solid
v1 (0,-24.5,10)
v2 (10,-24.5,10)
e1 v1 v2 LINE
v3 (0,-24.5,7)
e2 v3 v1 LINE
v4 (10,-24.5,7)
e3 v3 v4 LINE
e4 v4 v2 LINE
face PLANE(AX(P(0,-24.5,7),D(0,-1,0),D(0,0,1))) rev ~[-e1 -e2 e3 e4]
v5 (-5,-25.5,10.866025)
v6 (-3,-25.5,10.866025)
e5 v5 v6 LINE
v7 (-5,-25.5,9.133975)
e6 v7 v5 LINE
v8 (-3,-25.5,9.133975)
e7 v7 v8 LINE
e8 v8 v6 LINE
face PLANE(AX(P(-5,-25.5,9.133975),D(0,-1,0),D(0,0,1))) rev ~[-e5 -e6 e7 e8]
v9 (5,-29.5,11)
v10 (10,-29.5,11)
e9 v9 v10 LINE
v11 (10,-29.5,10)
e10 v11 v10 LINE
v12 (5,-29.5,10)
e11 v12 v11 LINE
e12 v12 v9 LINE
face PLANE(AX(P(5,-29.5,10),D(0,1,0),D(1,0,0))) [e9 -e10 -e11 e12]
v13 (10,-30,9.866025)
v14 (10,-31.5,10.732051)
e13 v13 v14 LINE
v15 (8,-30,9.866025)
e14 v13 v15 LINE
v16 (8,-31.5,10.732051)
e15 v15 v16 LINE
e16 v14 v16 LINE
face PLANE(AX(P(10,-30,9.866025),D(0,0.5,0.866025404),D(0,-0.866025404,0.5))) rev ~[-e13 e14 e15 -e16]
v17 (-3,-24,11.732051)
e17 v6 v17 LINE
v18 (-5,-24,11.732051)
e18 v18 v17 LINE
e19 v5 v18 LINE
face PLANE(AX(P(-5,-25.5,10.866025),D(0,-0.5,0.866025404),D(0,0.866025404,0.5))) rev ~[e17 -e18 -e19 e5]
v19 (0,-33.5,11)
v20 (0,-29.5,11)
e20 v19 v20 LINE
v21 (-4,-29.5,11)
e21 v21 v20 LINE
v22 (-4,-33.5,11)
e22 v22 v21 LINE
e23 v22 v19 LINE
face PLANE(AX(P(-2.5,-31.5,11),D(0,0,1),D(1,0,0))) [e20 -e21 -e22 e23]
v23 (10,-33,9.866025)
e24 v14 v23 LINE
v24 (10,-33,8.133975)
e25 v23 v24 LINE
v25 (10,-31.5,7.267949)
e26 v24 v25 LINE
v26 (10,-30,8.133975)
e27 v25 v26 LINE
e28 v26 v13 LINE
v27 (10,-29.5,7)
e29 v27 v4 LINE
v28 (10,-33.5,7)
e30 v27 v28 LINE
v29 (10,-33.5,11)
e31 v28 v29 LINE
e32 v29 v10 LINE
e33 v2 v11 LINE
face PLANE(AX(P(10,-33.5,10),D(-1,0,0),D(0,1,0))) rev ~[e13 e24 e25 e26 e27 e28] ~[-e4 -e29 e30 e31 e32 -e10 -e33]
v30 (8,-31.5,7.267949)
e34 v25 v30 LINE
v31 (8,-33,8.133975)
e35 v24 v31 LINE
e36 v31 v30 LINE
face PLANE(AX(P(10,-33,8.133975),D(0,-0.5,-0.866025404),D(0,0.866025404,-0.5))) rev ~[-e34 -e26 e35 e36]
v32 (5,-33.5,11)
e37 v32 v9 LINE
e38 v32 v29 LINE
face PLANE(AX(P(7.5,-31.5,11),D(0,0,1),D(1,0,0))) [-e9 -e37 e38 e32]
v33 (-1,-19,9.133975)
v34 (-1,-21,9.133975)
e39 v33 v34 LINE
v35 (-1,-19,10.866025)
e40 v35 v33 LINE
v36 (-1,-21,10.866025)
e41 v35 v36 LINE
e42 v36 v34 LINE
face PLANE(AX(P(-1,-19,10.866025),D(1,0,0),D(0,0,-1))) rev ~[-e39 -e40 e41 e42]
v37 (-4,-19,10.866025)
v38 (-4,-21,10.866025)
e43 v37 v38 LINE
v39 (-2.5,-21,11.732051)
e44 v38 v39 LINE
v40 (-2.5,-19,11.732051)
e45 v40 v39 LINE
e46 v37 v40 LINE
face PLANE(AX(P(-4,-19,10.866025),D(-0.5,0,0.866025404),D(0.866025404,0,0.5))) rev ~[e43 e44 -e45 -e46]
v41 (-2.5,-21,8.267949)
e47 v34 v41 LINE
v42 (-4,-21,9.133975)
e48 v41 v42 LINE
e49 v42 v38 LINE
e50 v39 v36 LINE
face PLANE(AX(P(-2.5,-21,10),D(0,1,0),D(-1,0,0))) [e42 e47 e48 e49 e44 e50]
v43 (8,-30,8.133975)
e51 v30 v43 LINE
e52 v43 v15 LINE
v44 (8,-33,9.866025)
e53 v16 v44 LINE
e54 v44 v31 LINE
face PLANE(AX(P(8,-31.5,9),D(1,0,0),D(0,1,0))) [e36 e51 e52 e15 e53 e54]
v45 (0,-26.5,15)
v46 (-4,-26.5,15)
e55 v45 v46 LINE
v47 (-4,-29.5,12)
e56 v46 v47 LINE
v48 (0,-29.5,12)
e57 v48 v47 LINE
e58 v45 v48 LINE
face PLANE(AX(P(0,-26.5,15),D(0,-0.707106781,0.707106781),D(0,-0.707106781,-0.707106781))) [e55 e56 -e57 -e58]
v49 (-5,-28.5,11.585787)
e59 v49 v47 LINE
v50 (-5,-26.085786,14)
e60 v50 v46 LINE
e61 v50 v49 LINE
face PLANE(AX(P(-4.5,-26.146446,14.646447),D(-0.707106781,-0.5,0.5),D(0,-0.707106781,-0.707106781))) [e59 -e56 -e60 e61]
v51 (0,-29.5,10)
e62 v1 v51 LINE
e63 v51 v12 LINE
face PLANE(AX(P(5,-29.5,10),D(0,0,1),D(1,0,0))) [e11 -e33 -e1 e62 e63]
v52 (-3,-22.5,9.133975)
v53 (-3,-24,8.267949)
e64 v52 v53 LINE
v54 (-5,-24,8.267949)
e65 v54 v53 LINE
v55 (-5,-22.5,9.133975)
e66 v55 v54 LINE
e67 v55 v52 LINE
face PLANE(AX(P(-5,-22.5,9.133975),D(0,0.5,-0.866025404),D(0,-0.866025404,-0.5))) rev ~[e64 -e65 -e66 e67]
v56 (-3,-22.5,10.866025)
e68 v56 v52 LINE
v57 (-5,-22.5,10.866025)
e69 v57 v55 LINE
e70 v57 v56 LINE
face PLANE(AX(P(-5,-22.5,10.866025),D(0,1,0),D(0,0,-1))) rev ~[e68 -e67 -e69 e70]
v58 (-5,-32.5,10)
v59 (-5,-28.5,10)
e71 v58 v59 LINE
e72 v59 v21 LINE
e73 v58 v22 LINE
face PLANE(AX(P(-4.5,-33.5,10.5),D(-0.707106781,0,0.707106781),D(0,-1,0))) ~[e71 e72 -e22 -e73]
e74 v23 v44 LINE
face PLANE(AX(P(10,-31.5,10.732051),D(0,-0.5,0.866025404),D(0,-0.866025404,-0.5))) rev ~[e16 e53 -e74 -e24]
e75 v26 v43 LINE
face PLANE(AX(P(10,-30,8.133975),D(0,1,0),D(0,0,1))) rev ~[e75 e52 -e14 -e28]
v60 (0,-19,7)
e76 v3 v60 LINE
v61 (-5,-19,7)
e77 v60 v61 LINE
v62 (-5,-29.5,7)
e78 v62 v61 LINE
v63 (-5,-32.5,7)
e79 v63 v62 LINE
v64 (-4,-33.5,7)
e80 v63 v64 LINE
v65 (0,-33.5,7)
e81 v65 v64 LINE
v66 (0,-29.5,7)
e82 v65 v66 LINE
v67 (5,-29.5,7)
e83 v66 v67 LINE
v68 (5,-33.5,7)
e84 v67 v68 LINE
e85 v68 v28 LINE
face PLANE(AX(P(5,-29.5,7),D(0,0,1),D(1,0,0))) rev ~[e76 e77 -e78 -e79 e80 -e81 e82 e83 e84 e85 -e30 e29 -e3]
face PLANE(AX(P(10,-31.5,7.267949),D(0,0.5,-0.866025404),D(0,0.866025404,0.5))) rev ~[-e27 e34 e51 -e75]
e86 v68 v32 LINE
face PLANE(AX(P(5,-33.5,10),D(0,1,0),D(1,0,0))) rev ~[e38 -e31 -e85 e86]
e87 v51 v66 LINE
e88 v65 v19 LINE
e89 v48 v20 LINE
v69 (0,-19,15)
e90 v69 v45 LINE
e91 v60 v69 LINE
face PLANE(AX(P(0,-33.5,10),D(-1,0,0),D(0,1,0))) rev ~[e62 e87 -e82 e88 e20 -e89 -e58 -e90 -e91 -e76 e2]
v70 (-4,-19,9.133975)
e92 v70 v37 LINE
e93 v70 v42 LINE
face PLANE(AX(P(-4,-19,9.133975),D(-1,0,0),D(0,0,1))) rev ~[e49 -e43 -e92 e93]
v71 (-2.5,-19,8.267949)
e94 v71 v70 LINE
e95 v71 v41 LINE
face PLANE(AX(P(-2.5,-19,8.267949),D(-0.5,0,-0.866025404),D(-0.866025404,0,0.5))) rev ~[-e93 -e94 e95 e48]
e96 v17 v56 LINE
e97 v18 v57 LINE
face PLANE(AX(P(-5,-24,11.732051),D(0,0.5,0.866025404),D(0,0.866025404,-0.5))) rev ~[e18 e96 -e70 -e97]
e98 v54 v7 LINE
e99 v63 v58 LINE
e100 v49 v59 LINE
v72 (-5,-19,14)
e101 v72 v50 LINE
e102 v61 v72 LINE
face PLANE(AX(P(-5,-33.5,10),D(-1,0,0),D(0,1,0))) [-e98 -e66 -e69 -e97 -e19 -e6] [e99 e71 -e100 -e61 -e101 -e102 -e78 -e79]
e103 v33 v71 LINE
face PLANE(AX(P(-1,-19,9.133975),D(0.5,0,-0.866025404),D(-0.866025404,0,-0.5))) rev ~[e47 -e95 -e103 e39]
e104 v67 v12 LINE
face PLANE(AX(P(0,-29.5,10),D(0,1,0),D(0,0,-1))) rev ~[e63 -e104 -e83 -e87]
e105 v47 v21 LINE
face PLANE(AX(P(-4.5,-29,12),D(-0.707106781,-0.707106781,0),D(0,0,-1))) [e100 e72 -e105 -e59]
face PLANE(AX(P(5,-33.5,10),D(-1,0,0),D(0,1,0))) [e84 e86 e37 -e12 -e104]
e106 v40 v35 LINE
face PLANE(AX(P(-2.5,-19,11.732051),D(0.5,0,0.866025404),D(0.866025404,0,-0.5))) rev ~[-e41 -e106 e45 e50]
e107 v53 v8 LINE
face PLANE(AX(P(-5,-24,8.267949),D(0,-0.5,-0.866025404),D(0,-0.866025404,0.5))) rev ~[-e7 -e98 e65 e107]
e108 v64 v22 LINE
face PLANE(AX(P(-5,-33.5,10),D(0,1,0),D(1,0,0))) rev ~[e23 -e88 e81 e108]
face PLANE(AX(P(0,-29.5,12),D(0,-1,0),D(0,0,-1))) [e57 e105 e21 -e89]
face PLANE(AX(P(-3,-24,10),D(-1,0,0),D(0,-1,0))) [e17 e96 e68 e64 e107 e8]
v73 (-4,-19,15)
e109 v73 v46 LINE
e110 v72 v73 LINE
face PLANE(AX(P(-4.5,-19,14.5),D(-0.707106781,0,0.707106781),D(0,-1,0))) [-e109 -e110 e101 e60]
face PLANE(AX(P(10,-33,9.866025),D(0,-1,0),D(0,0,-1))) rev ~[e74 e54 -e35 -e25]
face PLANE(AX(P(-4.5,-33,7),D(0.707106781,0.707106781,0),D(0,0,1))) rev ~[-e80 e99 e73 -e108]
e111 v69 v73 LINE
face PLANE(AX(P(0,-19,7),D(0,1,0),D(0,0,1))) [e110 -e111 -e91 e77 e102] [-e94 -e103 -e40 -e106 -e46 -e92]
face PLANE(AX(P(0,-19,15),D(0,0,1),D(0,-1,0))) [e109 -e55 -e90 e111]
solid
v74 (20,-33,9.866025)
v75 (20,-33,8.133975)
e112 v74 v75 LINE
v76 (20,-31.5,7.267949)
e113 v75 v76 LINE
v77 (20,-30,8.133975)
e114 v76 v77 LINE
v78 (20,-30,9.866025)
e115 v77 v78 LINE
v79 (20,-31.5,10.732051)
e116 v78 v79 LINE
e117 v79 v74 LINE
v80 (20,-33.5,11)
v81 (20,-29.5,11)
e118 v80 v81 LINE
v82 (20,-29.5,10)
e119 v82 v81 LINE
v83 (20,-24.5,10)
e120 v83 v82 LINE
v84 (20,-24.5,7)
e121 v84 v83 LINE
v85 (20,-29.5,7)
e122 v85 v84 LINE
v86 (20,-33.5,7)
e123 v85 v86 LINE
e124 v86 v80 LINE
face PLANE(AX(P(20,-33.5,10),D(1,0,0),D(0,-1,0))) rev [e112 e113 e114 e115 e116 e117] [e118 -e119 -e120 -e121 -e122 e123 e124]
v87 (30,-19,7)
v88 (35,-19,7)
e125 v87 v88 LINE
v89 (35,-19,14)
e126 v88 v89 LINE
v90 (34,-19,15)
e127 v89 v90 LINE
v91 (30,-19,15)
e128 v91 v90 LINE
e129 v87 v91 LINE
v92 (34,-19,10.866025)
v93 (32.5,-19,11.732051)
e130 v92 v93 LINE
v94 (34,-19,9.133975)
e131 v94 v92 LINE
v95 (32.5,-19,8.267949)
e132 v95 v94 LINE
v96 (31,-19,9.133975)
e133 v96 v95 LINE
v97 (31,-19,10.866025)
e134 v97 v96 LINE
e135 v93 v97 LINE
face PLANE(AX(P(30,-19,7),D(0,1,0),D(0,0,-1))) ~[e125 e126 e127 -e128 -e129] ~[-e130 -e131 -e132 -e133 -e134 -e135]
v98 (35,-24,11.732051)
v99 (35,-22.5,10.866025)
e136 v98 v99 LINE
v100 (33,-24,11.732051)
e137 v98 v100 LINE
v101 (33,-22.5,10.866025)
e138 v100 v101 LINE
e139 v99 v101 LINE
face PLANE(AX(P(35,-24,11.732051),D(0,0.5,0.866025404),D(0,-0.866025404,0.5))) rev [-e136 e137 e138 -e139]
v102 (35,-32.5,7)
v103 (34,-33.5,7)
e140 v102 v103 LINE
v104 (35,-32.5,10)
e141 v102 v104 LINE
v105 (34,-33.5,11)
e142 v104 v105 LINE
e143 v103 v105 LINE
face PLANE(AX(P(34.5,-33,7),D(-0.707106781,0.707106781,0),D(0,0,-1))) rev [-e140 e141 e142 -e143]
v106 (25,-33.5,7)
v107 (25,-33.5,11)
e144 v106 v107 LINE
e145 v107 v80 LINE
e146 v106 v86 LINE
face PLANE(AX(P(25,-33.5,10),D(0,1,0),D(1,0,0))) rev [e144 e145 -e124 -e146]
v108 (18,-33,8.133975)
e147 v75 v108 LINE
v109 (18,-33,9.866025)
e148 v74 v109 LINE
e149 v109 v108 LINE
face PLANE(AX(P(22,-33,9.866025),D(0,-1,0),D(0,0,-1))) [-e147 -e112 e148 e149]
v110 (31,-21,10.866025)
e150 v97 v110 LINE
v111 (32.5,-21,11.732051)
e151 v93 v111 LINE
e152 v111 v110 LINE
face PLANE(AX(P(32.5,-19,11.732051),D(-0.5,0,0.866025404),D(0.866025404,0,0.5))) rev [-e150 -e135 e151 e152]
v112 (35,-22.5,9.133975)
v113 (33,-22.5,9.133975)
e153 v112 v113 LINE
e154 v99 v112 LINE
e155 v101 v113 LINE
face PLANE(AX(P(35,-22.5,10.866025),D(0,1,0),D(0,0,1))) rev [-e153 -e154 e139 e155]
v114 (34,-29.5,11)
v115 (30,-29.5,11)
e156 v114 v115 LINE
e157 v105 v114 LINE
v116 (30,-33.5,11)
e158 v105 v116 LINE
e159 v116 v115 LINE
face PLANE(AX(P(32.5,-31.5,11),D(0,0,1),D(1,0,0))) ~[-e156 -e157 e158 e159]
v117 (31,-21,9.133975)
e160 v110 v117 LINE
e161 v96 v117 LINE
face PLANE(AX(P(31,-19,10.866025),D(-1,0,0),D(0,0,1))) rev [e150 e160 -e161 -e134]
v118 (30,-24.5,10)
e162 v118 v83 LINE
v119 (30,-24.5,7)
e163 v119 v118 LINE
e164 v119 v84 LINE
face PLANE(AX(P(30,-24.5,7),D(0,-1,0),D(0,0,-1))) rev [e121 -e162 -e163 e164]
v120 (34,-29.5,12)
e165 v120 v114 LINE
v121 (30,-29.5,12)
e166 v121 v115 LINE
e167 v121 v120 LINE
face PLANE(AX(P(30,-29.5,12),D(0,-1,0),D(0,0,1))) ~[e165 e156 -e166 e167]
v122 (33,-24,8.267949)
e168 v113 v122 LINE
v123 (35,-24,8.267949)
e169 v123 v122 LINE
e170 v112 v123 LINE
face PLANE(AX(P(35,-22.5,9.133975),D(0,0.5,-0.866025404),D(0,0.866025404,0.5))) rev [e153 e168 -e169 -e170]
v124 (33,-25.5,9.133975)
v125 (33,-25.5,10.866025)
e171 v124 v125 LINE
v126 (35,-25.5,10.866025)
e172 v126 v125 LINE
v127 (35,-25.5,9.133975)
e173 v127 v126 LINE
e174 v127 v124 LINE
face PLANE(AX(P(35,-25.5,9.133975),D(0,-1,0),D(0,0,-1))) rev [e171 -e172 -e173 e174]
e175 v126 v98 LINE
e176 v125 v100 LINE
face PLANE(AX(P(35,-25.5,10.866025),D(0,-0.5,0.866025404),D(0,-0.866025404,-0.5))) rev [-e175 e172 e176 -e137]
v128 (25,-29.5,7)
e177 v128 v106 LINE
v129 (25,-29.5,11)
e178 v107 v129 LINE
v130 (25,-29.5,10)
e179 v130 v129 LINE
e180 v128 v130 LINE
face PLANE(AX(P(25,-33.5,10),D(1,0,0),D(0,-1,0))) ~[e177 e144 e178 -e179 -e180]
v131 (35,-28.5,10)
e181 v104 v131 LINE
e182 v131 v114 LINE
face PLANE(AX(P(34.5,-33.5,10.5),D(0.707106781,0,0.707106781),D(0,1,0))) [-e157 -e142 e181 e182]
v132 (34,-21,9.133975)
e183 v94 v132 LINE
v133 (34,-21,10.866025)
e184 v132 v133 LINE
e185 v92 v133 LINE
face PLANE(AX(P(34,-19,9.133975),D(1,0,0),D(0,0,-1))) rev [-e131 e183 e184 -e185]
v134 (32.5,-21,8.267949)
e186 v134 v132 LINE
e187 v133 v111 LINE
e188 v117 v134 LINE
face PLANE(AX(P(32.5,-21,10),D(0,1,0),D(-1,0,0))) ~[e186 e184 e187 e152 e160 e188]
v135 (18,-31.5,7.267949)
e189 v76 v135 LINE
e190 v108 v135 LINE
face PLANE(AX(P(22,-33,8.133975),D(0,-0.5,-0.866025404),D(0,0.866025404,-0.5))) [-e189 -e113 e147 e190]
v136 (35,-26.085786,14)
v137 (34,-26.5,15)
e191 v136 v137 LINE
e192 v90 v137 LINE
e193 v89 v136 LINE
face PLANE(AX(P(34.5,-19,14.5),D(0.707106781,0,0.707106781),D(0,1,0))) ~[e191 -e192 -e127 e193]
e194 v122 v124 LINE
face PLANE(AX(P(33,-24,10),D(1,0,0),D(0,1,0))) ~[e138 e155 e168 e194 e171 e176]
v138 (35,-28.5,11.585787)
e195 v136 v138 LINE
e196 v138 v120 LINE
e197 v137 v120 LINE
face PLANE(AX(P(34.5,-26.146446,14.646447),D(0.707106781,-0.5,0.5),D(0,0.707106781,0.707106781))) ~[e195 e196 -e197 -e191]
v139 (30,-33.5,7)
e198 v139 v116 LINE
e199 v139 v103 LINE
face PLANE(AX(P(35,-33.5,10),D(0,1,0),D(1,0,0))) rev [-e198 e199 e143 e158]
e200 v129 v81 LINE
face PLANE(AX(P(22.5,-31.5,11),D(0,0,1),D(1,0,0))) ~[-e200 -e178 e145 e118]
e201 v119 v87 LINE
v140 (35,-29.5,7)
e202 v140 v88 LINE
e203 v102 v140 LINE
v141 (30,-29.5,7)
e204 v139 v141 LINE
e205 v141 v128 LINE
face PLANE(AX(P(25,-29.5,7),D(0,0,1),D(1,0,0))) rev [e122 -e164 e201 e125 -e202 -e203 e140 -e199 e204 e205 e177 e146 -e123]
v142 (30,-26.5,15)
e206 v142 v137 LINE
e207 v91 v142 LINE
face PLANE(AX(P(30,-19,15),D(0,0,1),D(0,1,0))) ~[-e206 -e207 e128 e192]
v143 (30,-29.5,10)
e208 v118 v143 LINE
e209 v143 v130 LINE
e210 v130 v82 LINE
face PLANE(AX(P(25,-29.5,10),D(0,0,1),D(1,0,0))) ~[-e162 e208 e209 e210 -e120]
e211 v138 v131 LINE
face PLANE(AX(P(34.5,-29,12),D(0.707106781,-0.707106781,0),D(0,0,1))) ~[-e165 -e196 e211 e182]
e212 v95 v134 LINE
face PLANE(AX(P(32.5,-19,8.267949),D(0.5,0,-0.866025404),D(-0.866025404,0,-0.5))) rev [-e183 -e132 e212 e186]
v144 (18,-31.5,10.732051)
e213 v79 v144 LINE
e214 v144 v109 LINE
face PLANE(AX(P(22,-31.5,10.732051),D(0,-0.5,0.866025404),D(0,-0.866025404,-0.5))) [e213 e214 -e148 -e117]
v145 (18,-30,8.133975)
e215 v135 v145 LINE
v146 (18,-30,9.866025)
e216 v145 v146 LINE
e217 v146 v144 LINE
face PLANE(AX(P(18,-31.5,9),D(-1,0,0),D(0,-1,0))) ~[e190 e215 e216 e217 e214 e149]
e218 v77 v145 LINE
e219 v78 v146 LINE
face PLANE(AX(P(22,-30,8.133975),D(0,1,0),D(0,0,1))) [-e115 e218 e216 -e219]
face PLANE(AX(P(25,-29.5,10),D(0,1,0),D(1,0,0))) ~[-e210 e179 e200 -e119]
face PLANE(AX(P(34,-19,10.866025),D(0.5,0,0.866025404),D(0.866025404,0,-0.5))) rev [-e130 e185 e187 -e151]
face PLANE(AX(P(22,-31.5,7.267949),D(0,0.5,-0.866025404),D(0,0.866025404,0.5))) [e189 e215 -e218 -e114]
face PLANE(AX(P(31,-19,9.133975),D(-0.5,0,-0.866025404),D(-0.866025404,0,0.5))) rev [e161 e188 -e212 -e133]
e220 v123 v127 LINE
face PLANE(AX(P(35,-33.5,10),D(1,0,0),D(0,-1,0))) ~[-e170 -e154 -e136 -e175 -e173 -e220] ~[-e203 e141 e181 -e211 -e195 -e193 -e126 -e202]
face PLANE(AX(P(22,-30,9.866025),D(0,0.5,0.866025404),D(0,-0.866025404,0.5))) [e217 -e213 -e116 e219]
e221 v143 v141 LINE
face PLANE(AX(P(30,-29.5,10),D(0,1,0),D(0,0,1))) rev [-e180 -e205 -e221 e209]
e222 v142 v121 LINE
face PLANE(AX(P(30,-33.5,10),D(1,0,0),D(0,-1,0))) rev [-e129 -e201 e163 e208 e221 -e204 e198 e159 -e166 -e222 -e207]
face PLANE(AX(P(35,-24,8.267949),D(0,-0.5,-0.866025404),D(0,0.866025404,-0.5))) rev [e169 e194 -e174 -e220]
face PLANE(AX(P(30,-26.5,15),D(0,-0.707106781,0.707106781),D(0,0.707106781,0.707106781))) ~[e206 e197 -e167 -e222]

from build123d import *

# Parameters (mm, degrees)
F0_W       = 4
F0_H       = 3.0000000403
F1_DEPTH   = 5
F2_DEPTH   = 10
F3_W       = 5
F3_H       = 3.0000000403
F4_DEPTH   = 4
F5_W       = 5
F5_H       = 4
F6_DEPTH   = 1
F8_DEPTH   = 2
F10_DEPTH  = 2
F12_DEPTH  = 2
F13_W      = 5
F13_H      = 4
F14_DEPTH  = 1
F17_DEPTH  = 4
F18_SIZE   = 1
F18_2_SIZE = 1


with BuildPart() as f1:
    # F0 (on Right) → F1 (new body)
    with BuildSketch(Plane.YZ):
        Polygon((-29.4999998615, 7.0000000403), (-24.4999998615, 7.0000000403), (-24.4999998615, 10.0000000805), (-26.9999998615, 10.0000000805), (-29.4999998615, 10.0000000805), align=None)
        Polygon((-24.4999998615, 10.0000000805), (-24.4999998615, 7.0000000403), (-18.9999998615, 7.0000000403), (-18.9999998615, 13.0000000805), (-26.9999998615, 13.0000000805), (-26.9999998615, 10.0000000805), align=None)
        with Locations((-31.4999998615, 8.5000000604)):
            Rectangle(F0_W, F0_H)
        Polygon((-29.4999998615, 10.0000000805), (-26.9999998615, 10.0000000805), (-26.9999998615, 13.0000000805), (-18.9999998615, 13.0000000805), (-18.9999998615, 15.0000000805), (-26.4999998615, 15.0000000805), (-29.4999998615, 12.0000000805), align=None)
    extrude(amount=-F1_DEPTH)

    # F0 (on Right) → F2 (join)
    with BuildSketch(Plane.YZ):
        Polygon((-29.4999998615, 7.0000000403), (-24.4999998615, 7.0000000403), (-24.4999998615, 10.0000000805), (-26.9999998615, 10.0000000805), (-29.4999998615, 10.0000000805), align=None)
    extrude(amount=F2_DEPTH)

    # F3 (on face) → F4 (join)
    with BuildSketch(Plane.XZ.offset(29.4999998615)):
        with Locations((7.5, 8.5000000604)):
            Rectangle(F3_W, F3_H)
    extrude(amount=F4_DEPTH)

    # F5 (on face) → F6 (join)
    with BuildSketch(Plane.XY.offset(10.0000000805)):
        with Locations((7.5, -31.4999998615)):
            Rectangle(F5_W, F5_H)
    extrude(amount=F6_DEPTH)

    # F7 (on face) → F8 (cut)
    with BuildSketch(Plane.YZ.offset(10)):
        Polygon((-32.9999998615, 9.8660254642), (-32.9999998615, 8.1339746566), (-31.4999998615, 7.2679492528), (-29.9999998615, 8.1339746566), (-29.9999998615, 9.8660254642), (-31.4999998615, 10.732050868), align=None)
    extrude(amount=-F8_DEPTH, mode=Mode.SUBTRACT)

    # F9 (on face) → F10 (cut)
    with BuildSketch(Plane(origin=(0, -18.9999998615, 0), x_dir=(-1, 0, 0), z_dir=(0, 1, 0))):
        Polygon((1, 10.8660254642), (1, 9.1339746566), (2.5, 8.2679492528), (4, 9.1339746566), (4, 10.8660254642), (2.5, 11.732050868), align=None)
    extrude(amount=-F10_DEPTH, mode=Mode.SUBTRACT)

    # F11 (on face) → F12 (cut)
    with BuildSketch(Plane(origin=(-5, 0, 0), x_dir=(0, -1, 0), z_dir=(-1, 0, 0))):
        Polygon((22.4999998615, 10.8660254843), (22.4999998615, 9.1339746768), (23.9999998615, 8.267949273), (25.4999998615, 9.1339746768), (25.4999998615, 10.8660254843), (23.9999998615, 11.7320508881), align=None)
    extrude(amount=-F12_DEPTH, mode=Mode.SUBTRACT)

    # F13 (on face) → F14 (join)
    with BuildSketch(Plane.XY.offset(10.0000000805)):
        with Locations((-2.5, -31.4999998615)):
            Rectangle(F13_W, F13_H)
    extrude(amount=F14_DEPTH)


with BuildPart() as f16_1:
    # F16: instance of F1
    add(f1.part.mirror(Plane.YZ.offset(15)))

    # F17 (add): a face of the model
    f17_faces = [f16_1.faces().sort_by_distance(p)[0] for p in [
        (22, -31.4999998615, 9.0000000604),
    ]]
    extrude(f17_faces, amount=F17_DEPTH)

    # F18#2
    f18_2_edges = [f16_1.edges().sort_by_distance(p)[0] for p in [
        (35, -33.5, 9),
        (35, -31.5, 11),
        (35, -29.5, 11.5),
        (35, -28, 13.5),
        (35, -22.75, 15),
    ]]
    chamfer(f18_2_edges, length=F18_2_SIZE)


with BuildPart() as f1_1:
    add(f1.part)

    # F18
    f18_edges = [f1_1.edges().sort_by_distance(p)[0] for p in [
        (-5, -22.75, 15),
        (-5, -28, 13.5),
        (-5, -31.5, 11),
        (-5, -33.5, 9),
        (-5, -29.5, 11.5),
    ]]
    chamfer(f18_edges, length=F18_SIZE)


solid = Compound([f16_1.part, f1_1.part])
